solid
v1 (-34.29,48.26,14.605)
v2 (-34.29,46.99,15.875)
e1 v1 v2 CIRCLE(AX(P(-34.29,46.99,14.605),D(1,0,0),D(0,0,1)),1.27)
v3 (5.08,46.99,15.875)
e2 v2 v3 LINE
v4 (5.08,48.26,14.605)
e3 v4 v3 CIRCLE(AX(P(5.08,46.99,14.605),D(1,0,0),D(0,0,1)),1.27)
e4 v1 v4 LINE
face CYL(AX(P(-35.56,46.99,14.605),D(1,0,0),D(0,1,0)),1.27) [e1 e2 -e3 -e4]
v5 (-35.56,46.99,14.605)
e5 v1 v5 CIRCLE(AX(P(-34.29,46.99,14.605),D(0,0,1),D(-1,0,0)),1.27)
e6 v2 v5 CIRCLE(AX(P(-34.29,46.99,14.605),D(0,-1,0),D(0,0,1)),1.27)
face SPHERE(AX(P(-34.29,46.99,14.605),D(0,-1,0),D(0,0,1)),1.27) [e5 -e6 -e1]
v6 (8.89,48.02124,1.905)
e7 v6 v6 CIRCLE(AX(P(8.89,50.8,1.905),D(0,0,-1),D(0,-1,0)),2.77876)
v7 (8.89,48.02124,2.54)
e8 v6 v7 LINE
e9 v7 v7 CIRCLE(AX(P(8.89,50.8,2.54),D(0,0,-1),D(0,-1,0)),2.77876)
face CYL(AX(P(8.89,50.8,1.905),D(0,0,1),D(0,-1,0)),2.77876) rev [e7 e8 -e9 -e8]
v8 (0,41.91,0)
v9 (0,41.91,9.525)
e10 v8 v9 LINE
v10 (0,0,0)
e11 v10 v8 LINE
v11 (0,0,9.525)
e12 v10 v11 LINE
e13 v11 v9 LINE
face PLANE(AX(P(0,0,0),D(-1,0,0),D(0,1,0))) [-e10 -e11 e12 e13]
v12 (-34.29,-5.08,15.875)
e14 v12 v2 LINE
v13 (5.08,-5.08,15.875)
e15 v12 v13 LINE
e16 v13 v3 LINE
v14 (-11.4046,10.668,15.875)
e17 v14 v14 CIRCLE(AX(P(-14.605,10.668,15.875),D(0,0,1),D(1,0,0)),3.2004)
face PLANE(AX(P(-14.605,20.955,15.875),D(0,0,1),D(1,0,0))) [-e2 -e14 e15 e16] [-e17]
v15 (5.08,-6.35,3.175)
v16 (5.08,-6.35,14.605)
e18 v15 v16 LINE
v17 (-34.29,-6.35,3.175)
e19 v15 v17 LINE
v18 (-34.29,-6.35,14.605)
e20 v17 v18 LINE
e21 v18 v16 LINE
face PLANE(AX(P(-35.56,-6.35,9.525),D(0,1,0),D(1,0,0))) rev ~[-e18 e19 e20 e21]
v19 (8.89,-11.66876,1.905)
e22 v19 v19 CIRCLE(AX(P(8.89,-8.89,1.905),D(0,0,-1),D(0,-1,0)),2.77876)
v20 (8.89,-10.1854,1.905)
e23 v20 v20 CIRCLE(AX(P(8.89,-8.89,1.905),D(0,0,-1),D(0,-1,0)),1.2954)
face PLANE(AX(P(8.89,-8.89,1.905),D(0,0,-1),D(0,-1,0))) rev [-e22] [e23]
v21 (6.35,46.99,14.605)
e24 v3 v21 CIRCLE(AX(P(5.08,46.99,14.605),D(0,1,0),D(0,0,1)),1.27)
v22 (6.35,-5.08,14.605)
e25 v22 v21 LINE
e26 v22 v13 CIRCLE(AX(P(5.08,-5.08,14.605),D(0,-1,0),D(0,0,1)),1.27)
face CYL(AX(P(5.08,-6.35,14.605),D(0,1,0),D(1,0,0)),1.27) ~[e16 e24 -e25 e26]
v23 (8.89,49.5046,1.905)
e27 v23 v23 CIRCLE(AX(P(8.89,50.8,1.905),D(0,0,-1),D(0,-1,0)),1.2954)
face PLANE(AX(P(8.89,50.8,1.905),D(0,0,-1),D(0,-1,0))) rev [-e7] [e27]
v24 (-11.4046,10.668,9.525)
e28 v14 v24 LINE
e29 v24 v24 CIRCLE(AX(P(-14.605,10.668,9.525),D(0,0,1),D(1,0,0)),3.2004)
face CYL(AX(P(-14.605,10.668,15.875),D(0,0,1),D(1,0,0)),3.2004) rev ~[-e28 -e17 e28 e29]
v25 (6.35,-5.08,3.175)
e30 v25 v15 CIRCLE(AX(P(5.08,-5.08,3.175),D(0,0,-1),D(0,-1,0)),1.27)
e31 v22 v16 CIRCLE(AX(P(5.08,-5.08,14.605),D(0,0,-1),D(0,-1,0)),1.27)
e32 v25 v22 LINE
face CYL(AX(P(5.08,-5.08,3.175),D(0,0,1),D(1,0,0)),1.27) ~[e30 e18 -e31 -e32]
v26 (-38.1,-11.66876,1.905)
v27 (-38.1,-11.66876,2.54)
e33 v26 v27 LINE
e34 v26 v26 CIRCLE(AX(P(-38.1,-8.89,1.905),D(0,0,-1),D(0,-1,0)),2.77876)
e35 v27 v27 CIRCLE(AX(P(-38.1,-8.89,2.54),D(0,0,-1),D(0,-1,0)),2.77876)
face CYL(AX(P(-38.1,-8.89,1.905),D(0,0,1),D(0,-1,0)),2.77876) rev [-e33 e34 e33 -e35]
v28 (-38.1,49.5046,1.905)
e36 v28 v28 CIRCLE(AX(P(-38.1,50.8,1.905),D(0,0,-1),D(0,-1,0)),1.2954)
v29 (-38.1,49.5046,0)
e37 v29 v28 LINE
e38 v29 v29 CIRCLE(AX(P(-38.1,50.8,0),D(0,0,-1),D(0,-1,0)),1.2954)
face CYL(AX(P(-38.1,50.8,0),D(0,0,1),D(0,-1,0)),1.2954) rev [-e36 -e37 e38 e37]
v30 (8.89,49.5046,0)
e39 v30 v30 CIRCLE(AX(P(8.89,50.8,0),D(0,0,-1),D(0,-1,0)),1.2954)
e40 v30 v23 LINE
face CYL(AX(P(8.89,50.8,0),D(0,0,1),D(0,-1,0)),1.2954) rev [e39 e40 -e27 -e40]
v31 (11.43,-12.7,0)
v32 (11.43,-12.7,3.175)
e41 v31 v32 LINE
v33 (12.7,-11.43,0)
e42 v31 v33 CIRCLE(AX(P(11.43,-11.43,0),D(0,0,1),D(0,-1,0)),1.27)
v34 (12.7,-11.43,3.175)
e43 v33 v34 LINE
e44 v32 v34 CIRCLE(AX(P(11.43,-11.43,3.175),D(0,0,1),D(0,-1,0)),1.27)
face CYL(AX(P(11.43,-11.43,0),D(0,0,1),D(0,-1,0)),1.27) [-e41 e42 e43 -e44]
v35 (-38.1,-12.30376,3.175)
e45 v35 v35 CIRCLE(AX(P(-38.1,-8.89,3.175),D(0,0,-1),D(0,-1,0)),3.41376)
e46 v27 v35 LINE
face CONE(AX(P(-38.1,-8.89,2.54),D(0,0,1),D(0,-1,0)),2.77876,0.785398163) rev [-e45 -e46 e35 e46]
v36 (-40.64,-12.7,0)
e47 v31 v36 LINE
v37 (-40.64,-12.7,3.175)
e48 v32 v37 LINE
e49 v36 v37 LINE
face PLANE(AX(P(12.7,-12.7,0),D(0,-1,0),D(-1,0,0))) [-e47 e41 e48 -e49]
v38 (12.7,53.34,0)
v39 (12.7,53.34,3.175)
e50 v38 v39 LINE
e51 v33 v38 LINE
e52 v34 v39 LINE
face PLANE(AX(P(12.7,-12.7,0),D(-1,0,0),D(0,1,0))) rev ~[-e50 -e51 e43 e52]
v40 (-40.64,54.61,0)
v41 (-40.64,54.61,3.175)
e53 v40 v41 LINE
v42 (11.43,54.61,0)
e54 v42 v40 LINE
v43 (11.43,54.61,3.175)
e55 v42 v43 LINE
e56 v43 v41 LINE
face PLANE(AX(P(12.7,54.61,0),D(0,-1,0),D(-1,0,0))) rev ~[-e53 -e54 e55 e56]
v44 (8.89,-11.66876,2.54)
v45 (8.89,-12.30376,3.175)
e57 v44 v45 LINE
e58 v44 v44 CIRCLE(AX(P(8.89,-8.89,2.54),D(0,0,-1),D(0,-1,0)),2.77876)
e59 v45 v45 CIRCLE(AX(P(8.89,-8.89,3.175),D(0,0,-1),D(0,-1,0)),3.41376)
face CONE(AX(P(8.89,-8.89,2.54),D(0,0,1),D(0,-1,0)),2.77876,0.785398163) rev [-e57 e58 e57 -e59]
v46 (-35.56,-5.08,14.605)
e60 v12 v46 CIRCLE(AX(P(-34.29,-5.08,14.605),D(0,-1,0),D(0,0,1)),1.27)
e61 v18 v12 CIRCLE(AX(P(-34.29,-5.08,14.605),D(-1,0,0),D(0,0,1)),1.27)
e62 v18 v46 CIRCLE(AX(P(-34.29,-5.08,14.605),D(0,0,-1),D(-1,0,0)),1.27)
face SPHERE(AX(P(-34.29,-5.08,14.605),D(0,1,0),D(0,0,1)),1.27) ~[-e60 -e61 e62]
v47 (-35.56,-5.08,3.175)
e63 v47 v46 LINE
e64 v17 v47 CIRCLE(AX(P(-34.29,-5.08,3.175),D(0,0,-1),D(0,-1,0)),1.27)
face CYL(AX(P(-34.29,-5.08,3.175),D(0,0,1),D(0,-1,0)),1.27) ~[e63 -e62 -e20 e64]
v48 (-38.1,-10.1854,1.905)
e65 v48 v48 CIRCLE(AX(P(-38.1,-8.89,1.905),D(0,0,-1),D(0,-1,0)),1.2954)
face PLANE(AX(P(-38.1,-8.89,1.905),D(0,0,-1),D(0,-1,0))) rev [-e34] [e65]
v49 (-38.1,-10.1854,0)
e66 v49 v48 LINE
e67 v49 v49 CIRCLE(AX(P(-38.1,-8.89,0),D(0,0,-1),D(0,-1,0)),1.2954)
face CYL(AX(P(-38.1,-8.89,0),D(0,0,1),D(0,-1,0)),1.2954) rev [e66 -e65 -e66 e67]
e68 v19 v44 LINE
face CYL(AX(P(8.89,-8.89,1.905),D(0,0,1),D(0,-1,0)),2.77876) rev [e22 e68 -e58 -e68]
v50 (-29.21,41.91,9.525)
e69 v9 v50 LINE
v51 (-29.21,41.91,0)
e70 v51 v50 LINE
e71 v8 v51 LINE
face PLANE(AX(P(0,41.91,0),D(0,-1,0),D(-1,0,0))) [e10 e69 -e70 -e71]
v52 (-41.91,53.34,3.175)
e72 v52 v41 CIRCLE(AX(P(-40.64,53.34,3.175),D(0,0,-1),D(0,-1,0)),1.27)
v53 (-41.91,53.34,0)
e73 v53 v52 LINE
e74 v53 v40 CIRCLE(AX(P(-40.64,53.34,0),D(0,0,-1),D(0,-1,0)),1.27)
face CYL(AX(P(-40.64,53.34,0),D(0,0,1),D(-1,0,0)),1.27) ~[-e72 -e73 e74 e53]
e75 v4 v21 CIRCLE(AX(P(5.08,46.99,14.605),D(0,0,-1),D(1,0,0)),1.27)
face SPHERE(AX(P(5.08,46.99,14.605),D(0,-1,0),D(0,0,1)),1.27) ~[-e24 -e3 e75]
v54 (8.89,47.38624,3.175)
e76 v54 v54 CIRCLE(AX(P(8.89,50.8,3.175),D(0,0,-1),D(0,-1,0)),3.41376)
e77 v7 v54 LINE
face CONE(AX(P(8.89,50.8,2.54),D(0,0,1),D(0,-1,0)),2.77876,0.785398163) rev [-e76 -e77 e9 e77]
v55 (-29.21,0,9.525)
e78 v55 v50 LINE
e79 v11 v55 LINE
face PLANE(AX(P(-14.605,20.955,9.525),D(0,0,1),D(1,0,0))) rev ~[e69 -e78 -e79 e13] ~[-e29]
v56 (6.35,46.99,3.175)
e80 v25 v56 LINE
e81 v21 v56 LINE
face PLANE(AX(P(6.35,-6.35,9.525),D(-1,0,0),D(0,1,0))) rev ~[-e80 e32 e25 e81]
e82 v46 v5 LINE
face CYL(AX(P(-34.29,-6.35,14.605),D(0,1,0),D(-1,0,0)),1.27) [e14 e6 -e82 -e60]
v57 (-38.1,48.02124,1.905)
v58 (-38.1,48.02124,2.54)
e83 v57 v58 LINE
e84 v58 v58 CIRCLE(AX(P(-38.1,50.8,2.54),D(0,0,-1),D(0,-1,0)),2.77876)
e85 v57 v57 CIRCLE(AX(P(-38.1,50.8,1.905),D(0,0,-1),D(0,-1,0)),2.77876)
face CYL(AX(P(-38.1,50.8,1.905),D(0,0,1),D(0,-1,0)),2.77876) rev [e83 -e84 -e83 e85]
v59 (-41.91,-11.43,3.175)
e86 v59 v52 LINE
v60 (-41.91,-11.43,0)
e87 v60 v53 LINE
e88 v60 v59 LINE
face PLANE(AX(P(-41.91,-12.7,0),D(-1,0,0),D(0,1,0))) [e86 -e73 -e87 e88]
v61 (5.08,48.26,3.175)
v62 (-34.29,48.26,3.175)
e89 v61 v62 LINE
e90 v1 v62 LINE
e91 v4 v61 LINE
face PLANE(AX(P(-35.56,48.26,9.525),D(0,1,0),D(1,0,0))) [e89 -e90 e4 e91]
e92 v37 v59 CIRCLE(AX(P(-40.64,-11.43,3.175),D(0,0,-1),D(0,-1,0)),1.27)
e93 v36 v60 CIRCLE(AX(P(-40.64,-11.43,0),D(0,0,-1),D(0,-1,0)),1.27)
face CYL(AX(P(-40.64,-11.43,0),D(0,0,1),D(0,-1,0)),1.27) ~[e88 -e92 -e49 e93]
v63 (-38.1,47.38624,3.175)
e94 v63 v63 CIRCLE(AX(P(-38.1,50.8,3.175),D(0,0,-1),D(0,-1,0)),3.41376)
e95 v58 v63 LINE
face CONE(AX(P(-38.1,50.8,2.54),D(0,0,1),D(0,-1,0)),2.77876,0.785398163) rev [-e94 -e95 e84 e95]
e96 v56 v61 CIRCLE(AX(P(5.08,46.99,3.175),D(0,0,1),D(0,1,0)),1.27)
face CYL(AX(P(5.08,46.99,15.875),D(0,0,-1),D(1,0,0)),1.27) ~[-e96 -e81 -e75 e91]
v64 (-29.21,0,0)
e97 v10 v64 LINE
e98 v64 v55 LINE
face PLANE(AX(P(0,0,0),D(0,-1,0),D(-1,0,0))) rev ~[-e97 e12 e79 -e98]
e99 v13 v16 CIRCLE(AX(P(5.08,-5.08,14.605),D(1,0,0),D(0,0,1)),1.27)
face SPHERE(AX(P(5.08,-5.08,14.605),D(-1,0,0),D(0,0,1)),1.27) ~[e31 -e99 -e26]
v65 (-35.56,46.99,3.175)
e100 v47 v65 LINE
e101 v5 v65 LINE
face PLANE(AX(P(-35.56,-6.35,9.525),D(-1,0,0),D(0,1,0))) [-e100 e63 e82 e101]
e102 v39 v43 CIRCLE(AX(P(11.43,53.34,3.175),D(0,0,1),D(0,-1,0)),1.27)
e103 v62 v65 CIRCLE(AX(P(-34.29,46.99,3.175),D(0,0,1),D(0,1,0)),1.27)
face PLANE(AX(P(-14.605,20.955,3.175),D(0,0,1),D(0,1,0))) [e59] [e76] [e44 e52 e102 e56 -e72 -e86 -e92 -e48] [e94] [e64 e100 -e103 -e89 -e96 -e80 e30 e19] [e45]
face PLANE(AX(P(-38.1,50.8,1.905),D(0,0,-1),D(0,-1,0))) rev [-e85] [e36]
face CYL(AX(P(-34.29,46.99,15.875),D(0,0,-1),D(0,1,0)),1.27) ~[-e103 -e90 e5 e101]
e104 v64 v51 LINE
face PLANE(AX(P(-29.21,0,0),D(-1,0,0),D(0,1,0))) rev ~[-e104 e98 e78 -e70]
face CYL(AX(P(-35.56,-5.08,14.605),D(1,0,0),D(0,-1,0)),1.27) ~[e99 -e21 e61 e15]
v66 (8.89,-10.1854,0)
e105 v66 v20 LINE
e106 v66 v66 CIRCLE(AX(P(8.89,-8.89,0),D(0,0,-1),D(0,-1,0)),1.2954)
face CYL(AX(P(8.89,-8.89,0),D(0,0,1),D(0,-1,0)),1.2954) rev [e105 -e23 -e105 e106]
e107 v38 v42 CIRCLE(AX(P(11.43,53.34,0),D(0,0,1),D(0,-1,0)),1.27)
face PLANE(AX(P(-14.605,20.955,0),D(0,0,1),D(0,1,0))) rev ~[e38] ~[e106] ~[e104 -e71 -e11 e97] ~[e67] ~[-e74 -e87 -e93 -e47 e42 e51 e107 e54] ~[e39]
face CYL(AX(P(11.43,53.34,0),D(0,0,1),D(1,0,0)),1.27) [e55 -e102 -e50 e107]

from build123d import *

# Parameters (mm, degrees)
SKETCH2_W                                   = 54.61
SKETCH2_H                                   = 41.91
SKETCH2_W_2                                 = 41.91
SKETCH2_H_2                                 = 29.21
BOSS_EXTRUDE1_DEPTH                         = 9.525
SKETCH4_W                                   = 41.91
SKETCH4_H                                   = 54.61
BOSS_EXTRUDE2_DEPTH                         = 6.35
SKETCH6_R                                   = 3.2004
CUT_EXTRUDE1_DEPTH                          = 63.012553769
SKETCH7_W                                   = 67.31
SKETCH7_H                                   = 54.61
SKETCH7_W_2                                 = 54.61
SKETCH7_H_2                                 = 41.91
BOSS_EXTRUDE3_DEPTH                         = 3.175
CBORE_FOR_2_BINDING_HEAD_MACHINE_SC_2_COUNT = 2
CBORE_FOR_2_BINDING_HEAD_MACHINE_SC_2_PITCH = 46.99
CBORE_FOR_2_BINDING_HEAD_MACHINE_SC_3_COUNT = 2
CBORE_FOR_2_BINDING_HEAD_MACHINE_SC_3_PITCH = 75.966809858
CBORE_FOR_2_BINDING_HEAD_MACHINE_SC_4_COUNT = 2
CBORE_FOR_2_BINDING_HEAD_MACHINE_SC_4_PITCH = 59.69
FILLET1_R                                   = 1.27


with BuildPart() as part:
    # Sketch2 → Boss-Extrude1 (new body)
    with BuildSketch(Plane(origin=(0, 0, 0), x_dir=(0, 1, 0), z_dir=(0, 0, 1))):
        with Locations((20.955, 14.605)):
            Rectangle(SKETCH2_W, SKETCH2_H)
        with Locations((20.955, 14.605)):
            Rectangle(SKETCH2_W_2, SKETCH2_H_2, mode=Mode.SUBTRACT)
    extrude(amount=BOSS_EXTRUDE1_DEPTH)

    # Sketch4 → Boss-Extrude2 (add)
    with BuildSketch(Plane.XY.offset(9.525)):
        with Locations((-14.605, 20.955)):
            Rectangle(SKETCH4_W, SKETCH4_H)
    extrude(amount=BOSS_EXTRUDE2_DEPTH)

    # Sketch6 → Cut-Extrude1 (cut, through all)
    with BuildSketch(Plane.XY.offset(15.875)):
        with Locations((-14.605, 10.668)):
            Circle(SKETCH6_R)
    extrude(amount=-CUT_EXTRUDE1_DEPTH, mode=Mode.SUBTRACT)

    # Sketch7 → Boss-Extrude3 (add)
    with BuildSketch(Plane(origin=(0, 0, 0), x_dir=(0, 1, 0), z_dir=(0, 0, 1))):
        with Locations((20.955, 14.605)):
            Rectangle(SKETCH7_W, SKETCH7_H)
        with Locations((20.955, 14.605)):
            Rectangle(SKETCH7_W_2, SKETCH7_H_2, mode=Mode.SUBTRACT)
    extrude(amount=BOSS_EXTRUDE3_DEPTH)

    # Sketch9 → CBORE for #2 Binding Head Machine Screw1 (revolve, cut)
    with BuildSketch(Plane(origin=(-38.1, 50.8, 3.175), x_dir=(0, -1, 0), z_dir=(1, 0, 0))):
        Polygon((0, 0), (0, 3.175), (1.2954, 3.175), (1.2954, 1.27), (2.77876, 1.27), (2.77876, 0.635), (3.41376, 0), align=None)
    cbore_for_2_binding_head_machine_screw1 = revolve(axis=Axis((-38.1, 50.8, 9.525), (0, 0, -1)), mode=Mode.SUBTRACT)

    # CBORE for _2 Binding Head Machine Sc 2: CBORE for #2 Binding Head Machine Screw1 ×2
    with Locations(*[(i * CBORE_FOR_2_BINDING_HEAD_MACHINE_SC_2_PITCH, 0, 0) for i in range(1, CBORE_FOR_2_BINDING_HEAD_MACHINE_SC_2_COUNT)]):
        add(cbore_for_2_binding_head_machine_screw1, mode=Mode.SUBTRACT)

    # CBORE for _2 Binding Head Machine Sc 3: CBORE for #2 Binding Head Machine Screw1 ×2
    with Locations(*[Vector(0.6185596063312605, -0.7857378783126826, 0) * (i * CBORE_FOR_2_BINDING_HEAD_MACHINE_SC_3_PITCH) for i in range(1, CBORE_FOR_2_BINDING_HEAD_MACHINE_SC_3_COUNT)]):
        add(cbore_for_2_binding_head_machine_screw1, mode=Mode.SUBTRACT)

    # CBORE for _2 Binding Head Machine Sc 4: CBORE for #2 Binding Head Machine Screw1 ×2
    with Locations(*[(0, -i * CBORE_FOR_2_BINDING_HEAD_MACHINE_SC_4_PITCH, 0) for i in range(1, CBORE_FOR_2_BINDING_HEAD_MACHINE_SC_4_COUNT)]):
        add(cbore_for_2_binding_head_machine_screw1, mode=Mode.SUBTRACT)

    # Fillet1
    fillet1_edges = [part.edges().sort_by_distance(p)[0] for p in [
        (-35.56, 20.955, 15.875),
        (-14.605, -6.35, 15.875),
        (6.35, 20.955, 15.875),
        (-14.605, 48.26, 15.875),
        (-41.91, -12.7, 1.5875),
        (12.7, -12.7, 1.5875),
        (12.7, 54.61, 1.5875),
        (-41.91, 54.61, 1.5875),
        (-35.56, -6.35, 9.525),
        (-35.56, 48.26, 9.525),
        (6.35, 48.26, 9.525),
        (6.35, -6.35, 9.525),
    ]]
    fillet(fillet1_edges, radius=FILLET1_R)


solid = part.part
